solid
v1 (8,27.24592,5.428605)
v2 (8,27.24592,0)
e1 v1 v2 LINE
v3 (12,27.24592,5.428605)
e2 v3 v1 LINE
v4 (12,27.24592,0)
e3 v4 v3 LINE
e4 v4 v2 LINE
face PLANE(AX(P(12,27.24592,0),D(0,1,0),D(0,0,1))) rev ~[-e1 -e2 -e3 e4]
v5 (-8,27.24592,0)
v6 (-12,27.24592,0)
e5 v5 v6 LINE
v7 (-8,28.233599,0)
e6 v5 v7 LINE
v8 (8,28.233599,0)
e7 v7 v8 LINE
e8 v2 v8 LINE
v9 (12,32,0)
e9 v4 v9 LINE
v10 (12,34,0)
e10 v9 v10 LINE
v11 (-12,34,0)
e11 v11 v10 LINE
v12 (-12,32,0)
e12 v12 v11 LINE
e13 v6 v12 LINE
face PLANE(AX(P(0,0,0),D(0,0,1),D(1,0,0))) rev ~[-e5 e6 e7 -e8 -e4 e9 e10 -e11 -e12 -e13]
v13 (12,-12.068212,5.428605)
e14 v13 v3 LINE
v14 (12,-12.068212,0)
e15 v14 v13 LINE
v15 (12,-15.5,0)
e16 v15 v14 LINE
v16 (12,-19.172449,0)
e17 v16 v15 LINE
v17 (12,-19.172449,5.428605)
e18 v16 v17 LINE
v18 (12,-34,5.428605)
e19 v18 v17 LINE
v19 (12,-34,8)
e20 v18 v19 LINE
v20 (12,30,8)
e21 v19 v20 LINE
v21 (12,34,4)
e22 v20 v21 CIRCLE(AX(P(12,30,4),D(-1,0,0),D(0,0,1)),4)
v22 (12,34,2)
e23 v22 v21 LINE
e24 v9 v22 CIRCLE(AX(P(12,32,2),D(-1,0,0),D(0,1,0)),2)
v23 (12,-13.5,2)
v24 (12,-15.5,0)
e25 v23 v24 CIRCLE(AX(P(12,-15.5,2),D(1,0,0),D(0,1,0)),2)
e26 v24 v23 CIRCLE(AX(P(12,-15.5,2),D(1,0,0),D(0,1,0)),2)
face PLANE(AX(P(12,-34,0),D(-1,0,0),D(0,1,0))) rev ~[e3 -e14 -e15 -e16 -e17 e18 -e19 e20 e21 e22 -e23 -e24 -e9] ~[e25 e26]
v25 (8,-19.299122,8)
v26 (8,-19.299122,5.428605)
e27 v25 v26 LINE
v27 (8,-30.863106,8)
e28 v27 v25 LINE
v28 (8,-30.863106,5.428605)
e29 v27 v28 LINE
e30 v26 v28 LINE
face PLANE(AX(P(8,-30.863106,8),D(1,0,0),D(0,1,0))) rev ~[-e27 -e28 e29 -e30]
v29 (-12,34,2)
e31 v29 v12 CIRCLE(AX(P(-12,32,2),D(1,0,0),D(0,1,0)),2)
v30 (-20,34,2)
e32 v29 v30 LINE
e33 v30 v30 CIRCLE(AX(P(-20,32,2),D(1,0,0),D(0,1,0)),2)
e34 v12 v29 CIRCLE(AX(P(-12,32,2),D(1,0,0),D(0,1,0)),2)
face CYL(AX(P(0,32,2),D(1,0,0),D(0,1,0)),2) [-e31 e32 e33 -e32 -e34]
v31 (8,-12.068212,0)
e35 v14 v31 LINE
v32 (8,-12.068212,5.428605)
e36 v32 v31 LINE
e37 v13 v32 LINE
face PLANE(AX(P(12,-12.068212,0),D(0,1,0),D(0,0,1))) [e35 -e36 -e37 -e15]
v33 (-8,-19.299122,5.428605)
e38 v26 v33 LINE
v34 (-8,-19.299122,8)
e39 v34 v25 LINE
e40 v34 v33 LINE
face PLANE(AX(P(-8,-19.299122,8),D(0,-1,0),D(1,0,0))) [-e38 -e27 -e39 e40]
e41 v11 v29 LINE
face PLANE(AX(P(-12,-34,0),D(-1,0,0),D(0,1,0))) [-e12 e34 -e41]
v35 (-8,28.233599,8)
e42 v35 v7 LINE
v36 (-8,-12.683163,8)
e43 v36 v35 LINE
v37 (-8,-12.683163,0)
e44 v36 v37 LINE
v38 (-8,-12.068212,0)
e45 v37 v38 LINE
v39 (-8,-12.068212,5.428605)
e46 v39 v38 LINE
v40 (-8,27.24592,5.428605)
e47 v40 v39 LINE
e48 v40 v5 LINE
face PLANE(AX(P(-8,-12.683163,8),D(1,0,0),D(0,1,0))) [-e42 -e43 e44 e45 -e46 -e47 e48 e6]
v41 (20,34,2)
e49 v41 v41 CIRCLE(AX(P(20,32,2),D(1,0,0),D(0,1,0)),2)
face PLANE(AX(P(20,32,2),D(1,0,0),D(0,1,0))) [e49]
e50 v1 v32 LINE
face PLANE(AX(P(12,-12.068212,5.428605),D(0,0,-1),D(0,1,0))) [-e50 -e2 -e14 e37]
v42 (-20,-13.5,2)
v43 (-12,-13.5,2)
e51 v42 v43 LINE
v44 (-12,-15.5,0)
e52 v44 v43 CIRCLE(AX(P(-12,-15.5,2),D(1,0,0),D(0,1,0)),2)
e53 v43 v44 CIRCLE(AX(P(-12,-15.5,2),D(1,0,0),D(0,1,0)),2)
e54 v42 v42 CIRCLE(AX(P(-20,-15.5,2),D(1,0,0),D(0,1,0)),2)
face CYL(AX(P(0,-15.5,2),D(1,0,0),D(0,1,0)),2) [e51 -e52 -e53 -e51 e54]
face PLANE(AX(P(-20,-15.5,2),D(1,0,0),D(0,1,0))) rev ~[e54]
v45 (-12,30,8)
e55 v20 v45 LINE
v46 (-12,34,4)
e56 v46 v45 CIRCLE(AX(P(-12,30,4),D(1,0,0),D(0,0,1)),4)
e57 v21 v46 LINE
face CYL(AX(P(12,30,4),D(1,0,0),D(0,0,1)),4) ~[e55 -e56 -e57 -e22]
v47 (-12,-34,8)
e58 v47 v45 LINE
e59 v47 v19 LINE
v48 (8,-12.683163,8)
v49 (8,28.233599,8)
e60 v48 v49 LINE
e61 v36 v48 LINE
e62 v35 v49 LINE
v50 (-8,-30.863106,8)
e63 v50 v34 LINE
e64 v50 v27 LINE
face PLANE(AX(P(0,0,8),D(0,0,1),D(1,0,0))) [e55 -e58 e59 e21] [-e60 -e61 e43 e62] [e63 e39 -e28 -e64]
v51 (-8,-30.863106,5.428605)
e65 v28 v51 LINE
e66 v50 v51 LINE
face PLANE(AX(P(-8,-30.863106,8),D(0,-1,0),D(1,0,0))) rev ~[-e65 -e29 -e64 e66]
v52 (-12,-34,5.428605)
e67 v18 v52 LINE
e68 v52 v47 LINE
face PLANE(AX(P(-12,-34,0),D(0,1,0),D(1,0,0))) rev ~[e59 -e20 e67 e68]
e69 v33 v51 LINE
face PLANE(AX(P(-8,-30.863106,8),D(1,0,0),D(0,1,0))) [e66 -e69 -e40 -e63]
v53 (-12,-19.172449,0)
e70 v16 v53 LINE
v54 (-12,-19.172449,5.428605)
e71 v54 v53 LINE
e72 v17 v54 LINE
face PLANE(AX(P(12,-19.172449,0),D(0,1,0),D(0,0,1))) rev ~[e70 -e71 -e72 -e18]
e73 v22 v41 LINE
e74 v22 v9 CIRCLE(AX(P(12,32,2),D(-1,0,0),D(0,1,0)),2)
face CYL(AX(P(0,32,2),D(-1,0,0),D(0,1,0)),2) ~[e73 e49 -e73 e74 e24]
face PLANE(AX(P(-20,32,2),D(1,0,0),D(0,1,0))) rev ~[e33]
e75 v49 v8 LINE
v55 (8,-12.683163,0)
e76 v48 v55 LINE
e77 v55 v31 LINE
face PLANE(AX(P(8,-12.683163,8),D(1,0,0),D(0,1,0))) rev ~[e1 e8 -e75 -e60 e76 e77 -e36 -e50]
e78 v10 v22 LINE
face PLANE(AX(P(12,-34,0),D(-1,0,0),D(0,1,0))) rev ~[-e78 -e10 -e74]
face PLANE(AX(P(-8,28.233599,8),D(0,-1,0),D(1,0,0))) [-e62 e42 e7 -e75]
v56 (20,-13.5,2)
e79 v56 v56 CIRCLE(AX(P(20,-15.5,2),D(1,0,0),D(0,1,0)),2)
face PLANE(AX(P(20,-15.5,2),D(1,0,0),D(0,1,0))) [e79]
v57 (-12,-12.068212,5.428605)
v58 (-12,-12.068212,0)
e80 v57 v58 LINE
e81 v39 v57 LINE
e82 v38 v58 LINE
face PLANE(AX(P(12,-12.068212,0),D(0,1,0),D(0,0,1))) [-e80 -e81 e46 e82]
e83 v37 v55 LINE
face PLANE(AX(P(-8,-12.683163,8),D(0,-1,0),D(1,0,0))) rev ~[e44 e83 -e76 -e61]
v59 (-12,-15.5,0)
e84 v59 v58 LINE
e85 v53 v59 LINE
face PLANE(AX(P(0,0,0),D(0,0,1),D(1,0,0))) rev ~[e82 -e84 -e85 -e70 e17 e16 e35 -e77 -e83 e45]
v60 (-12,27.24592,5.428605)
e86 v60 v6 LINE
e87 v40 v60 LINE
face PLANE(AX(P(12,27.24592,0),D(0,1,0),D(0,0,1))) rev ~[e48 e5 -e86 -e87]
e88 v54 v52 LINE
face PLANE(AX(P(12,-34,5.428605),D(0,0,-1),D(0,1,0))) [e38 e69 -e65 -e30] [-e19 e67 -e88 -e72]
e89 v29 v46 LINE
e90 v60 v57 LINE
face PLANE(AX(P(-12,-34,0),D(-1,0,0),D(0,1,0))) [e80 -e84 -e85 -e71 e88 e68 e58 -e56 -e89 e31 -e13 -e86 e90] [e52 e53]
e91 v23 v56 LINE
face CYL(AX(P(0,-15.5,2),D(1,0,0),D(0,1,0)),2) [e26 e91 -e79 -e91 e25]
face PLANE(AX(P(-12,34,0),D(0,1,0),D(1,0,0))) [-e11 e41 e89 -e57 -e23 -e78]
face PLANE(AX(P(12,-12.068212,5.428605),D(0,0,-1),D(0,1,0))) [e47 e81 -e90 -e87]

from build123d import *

# Parameters (mm, degrees)
F0_W     = 24
F0_H     = 68
F1_DEPTH = 8
F2_R     = 2
F3_DEPTH = 20
F4_W     = 39.3141321838
F4_H     = 5.4286047816
F4_W_2   = 14.8275513351
F5_DEPTH = 25
F6_W     = 16
F6_H     = 40.9167615801
F6_H_2   = 11.5639846772
F7_DEPTH = 25


with BuildPart() as f1:
    # F0 (on Top) → F1 (new body)
    with BuildSketch(Plane.XY):
        Rectangle(F0_W, F0_H)
    extrude(amount=F1_DEPTH)

    # F2 (on Right) → F3 (join, symmetric)
    with BuildSketch(Plane.YZ):
        with Locations((32, 2)):
            Circle(F2_R)
        with Locations((-15.5, 2)):
            Circle(F2_R)
    extrude(amount=F3_DEPTH, both=True)

    # F4 (on face) → F5 (cut)
    with BuildSketch(Plane.YZ.offset(12)):
        with BuildLine():
            ThreePointArc((30, 8), (32.8284271247, 6.8284271247), (34, 4))
            Line((34, 4), (34, 8))
            Line((34, 8), (30, 8))
        make_face()
        with Locations((7.5888540596, 2.7143023908)):
            Rectangle(F4_W, F4_H)
        with Locations((-26.5862243325, 2.7143023908)):
            Rectangle(F4_W_2, F4_H)
    extrude(amount=-F5_DEPTH, mode=Mode.SUBTRACT)

    # F6 (on face) → F7 (cut)
    with BuildSketch(Plane.XY.offset(8)):
        with Locations((0, 7.775218226)):
            Rectangle(F6_W, F6_H)
        with Locations((0, -25.0811139122)):
            Rectangle(F6_W, F6_H_2)
    extrude(amount=-F7_DEPTH, mode=Mode.SUBTRACT)


solid = f1.part
